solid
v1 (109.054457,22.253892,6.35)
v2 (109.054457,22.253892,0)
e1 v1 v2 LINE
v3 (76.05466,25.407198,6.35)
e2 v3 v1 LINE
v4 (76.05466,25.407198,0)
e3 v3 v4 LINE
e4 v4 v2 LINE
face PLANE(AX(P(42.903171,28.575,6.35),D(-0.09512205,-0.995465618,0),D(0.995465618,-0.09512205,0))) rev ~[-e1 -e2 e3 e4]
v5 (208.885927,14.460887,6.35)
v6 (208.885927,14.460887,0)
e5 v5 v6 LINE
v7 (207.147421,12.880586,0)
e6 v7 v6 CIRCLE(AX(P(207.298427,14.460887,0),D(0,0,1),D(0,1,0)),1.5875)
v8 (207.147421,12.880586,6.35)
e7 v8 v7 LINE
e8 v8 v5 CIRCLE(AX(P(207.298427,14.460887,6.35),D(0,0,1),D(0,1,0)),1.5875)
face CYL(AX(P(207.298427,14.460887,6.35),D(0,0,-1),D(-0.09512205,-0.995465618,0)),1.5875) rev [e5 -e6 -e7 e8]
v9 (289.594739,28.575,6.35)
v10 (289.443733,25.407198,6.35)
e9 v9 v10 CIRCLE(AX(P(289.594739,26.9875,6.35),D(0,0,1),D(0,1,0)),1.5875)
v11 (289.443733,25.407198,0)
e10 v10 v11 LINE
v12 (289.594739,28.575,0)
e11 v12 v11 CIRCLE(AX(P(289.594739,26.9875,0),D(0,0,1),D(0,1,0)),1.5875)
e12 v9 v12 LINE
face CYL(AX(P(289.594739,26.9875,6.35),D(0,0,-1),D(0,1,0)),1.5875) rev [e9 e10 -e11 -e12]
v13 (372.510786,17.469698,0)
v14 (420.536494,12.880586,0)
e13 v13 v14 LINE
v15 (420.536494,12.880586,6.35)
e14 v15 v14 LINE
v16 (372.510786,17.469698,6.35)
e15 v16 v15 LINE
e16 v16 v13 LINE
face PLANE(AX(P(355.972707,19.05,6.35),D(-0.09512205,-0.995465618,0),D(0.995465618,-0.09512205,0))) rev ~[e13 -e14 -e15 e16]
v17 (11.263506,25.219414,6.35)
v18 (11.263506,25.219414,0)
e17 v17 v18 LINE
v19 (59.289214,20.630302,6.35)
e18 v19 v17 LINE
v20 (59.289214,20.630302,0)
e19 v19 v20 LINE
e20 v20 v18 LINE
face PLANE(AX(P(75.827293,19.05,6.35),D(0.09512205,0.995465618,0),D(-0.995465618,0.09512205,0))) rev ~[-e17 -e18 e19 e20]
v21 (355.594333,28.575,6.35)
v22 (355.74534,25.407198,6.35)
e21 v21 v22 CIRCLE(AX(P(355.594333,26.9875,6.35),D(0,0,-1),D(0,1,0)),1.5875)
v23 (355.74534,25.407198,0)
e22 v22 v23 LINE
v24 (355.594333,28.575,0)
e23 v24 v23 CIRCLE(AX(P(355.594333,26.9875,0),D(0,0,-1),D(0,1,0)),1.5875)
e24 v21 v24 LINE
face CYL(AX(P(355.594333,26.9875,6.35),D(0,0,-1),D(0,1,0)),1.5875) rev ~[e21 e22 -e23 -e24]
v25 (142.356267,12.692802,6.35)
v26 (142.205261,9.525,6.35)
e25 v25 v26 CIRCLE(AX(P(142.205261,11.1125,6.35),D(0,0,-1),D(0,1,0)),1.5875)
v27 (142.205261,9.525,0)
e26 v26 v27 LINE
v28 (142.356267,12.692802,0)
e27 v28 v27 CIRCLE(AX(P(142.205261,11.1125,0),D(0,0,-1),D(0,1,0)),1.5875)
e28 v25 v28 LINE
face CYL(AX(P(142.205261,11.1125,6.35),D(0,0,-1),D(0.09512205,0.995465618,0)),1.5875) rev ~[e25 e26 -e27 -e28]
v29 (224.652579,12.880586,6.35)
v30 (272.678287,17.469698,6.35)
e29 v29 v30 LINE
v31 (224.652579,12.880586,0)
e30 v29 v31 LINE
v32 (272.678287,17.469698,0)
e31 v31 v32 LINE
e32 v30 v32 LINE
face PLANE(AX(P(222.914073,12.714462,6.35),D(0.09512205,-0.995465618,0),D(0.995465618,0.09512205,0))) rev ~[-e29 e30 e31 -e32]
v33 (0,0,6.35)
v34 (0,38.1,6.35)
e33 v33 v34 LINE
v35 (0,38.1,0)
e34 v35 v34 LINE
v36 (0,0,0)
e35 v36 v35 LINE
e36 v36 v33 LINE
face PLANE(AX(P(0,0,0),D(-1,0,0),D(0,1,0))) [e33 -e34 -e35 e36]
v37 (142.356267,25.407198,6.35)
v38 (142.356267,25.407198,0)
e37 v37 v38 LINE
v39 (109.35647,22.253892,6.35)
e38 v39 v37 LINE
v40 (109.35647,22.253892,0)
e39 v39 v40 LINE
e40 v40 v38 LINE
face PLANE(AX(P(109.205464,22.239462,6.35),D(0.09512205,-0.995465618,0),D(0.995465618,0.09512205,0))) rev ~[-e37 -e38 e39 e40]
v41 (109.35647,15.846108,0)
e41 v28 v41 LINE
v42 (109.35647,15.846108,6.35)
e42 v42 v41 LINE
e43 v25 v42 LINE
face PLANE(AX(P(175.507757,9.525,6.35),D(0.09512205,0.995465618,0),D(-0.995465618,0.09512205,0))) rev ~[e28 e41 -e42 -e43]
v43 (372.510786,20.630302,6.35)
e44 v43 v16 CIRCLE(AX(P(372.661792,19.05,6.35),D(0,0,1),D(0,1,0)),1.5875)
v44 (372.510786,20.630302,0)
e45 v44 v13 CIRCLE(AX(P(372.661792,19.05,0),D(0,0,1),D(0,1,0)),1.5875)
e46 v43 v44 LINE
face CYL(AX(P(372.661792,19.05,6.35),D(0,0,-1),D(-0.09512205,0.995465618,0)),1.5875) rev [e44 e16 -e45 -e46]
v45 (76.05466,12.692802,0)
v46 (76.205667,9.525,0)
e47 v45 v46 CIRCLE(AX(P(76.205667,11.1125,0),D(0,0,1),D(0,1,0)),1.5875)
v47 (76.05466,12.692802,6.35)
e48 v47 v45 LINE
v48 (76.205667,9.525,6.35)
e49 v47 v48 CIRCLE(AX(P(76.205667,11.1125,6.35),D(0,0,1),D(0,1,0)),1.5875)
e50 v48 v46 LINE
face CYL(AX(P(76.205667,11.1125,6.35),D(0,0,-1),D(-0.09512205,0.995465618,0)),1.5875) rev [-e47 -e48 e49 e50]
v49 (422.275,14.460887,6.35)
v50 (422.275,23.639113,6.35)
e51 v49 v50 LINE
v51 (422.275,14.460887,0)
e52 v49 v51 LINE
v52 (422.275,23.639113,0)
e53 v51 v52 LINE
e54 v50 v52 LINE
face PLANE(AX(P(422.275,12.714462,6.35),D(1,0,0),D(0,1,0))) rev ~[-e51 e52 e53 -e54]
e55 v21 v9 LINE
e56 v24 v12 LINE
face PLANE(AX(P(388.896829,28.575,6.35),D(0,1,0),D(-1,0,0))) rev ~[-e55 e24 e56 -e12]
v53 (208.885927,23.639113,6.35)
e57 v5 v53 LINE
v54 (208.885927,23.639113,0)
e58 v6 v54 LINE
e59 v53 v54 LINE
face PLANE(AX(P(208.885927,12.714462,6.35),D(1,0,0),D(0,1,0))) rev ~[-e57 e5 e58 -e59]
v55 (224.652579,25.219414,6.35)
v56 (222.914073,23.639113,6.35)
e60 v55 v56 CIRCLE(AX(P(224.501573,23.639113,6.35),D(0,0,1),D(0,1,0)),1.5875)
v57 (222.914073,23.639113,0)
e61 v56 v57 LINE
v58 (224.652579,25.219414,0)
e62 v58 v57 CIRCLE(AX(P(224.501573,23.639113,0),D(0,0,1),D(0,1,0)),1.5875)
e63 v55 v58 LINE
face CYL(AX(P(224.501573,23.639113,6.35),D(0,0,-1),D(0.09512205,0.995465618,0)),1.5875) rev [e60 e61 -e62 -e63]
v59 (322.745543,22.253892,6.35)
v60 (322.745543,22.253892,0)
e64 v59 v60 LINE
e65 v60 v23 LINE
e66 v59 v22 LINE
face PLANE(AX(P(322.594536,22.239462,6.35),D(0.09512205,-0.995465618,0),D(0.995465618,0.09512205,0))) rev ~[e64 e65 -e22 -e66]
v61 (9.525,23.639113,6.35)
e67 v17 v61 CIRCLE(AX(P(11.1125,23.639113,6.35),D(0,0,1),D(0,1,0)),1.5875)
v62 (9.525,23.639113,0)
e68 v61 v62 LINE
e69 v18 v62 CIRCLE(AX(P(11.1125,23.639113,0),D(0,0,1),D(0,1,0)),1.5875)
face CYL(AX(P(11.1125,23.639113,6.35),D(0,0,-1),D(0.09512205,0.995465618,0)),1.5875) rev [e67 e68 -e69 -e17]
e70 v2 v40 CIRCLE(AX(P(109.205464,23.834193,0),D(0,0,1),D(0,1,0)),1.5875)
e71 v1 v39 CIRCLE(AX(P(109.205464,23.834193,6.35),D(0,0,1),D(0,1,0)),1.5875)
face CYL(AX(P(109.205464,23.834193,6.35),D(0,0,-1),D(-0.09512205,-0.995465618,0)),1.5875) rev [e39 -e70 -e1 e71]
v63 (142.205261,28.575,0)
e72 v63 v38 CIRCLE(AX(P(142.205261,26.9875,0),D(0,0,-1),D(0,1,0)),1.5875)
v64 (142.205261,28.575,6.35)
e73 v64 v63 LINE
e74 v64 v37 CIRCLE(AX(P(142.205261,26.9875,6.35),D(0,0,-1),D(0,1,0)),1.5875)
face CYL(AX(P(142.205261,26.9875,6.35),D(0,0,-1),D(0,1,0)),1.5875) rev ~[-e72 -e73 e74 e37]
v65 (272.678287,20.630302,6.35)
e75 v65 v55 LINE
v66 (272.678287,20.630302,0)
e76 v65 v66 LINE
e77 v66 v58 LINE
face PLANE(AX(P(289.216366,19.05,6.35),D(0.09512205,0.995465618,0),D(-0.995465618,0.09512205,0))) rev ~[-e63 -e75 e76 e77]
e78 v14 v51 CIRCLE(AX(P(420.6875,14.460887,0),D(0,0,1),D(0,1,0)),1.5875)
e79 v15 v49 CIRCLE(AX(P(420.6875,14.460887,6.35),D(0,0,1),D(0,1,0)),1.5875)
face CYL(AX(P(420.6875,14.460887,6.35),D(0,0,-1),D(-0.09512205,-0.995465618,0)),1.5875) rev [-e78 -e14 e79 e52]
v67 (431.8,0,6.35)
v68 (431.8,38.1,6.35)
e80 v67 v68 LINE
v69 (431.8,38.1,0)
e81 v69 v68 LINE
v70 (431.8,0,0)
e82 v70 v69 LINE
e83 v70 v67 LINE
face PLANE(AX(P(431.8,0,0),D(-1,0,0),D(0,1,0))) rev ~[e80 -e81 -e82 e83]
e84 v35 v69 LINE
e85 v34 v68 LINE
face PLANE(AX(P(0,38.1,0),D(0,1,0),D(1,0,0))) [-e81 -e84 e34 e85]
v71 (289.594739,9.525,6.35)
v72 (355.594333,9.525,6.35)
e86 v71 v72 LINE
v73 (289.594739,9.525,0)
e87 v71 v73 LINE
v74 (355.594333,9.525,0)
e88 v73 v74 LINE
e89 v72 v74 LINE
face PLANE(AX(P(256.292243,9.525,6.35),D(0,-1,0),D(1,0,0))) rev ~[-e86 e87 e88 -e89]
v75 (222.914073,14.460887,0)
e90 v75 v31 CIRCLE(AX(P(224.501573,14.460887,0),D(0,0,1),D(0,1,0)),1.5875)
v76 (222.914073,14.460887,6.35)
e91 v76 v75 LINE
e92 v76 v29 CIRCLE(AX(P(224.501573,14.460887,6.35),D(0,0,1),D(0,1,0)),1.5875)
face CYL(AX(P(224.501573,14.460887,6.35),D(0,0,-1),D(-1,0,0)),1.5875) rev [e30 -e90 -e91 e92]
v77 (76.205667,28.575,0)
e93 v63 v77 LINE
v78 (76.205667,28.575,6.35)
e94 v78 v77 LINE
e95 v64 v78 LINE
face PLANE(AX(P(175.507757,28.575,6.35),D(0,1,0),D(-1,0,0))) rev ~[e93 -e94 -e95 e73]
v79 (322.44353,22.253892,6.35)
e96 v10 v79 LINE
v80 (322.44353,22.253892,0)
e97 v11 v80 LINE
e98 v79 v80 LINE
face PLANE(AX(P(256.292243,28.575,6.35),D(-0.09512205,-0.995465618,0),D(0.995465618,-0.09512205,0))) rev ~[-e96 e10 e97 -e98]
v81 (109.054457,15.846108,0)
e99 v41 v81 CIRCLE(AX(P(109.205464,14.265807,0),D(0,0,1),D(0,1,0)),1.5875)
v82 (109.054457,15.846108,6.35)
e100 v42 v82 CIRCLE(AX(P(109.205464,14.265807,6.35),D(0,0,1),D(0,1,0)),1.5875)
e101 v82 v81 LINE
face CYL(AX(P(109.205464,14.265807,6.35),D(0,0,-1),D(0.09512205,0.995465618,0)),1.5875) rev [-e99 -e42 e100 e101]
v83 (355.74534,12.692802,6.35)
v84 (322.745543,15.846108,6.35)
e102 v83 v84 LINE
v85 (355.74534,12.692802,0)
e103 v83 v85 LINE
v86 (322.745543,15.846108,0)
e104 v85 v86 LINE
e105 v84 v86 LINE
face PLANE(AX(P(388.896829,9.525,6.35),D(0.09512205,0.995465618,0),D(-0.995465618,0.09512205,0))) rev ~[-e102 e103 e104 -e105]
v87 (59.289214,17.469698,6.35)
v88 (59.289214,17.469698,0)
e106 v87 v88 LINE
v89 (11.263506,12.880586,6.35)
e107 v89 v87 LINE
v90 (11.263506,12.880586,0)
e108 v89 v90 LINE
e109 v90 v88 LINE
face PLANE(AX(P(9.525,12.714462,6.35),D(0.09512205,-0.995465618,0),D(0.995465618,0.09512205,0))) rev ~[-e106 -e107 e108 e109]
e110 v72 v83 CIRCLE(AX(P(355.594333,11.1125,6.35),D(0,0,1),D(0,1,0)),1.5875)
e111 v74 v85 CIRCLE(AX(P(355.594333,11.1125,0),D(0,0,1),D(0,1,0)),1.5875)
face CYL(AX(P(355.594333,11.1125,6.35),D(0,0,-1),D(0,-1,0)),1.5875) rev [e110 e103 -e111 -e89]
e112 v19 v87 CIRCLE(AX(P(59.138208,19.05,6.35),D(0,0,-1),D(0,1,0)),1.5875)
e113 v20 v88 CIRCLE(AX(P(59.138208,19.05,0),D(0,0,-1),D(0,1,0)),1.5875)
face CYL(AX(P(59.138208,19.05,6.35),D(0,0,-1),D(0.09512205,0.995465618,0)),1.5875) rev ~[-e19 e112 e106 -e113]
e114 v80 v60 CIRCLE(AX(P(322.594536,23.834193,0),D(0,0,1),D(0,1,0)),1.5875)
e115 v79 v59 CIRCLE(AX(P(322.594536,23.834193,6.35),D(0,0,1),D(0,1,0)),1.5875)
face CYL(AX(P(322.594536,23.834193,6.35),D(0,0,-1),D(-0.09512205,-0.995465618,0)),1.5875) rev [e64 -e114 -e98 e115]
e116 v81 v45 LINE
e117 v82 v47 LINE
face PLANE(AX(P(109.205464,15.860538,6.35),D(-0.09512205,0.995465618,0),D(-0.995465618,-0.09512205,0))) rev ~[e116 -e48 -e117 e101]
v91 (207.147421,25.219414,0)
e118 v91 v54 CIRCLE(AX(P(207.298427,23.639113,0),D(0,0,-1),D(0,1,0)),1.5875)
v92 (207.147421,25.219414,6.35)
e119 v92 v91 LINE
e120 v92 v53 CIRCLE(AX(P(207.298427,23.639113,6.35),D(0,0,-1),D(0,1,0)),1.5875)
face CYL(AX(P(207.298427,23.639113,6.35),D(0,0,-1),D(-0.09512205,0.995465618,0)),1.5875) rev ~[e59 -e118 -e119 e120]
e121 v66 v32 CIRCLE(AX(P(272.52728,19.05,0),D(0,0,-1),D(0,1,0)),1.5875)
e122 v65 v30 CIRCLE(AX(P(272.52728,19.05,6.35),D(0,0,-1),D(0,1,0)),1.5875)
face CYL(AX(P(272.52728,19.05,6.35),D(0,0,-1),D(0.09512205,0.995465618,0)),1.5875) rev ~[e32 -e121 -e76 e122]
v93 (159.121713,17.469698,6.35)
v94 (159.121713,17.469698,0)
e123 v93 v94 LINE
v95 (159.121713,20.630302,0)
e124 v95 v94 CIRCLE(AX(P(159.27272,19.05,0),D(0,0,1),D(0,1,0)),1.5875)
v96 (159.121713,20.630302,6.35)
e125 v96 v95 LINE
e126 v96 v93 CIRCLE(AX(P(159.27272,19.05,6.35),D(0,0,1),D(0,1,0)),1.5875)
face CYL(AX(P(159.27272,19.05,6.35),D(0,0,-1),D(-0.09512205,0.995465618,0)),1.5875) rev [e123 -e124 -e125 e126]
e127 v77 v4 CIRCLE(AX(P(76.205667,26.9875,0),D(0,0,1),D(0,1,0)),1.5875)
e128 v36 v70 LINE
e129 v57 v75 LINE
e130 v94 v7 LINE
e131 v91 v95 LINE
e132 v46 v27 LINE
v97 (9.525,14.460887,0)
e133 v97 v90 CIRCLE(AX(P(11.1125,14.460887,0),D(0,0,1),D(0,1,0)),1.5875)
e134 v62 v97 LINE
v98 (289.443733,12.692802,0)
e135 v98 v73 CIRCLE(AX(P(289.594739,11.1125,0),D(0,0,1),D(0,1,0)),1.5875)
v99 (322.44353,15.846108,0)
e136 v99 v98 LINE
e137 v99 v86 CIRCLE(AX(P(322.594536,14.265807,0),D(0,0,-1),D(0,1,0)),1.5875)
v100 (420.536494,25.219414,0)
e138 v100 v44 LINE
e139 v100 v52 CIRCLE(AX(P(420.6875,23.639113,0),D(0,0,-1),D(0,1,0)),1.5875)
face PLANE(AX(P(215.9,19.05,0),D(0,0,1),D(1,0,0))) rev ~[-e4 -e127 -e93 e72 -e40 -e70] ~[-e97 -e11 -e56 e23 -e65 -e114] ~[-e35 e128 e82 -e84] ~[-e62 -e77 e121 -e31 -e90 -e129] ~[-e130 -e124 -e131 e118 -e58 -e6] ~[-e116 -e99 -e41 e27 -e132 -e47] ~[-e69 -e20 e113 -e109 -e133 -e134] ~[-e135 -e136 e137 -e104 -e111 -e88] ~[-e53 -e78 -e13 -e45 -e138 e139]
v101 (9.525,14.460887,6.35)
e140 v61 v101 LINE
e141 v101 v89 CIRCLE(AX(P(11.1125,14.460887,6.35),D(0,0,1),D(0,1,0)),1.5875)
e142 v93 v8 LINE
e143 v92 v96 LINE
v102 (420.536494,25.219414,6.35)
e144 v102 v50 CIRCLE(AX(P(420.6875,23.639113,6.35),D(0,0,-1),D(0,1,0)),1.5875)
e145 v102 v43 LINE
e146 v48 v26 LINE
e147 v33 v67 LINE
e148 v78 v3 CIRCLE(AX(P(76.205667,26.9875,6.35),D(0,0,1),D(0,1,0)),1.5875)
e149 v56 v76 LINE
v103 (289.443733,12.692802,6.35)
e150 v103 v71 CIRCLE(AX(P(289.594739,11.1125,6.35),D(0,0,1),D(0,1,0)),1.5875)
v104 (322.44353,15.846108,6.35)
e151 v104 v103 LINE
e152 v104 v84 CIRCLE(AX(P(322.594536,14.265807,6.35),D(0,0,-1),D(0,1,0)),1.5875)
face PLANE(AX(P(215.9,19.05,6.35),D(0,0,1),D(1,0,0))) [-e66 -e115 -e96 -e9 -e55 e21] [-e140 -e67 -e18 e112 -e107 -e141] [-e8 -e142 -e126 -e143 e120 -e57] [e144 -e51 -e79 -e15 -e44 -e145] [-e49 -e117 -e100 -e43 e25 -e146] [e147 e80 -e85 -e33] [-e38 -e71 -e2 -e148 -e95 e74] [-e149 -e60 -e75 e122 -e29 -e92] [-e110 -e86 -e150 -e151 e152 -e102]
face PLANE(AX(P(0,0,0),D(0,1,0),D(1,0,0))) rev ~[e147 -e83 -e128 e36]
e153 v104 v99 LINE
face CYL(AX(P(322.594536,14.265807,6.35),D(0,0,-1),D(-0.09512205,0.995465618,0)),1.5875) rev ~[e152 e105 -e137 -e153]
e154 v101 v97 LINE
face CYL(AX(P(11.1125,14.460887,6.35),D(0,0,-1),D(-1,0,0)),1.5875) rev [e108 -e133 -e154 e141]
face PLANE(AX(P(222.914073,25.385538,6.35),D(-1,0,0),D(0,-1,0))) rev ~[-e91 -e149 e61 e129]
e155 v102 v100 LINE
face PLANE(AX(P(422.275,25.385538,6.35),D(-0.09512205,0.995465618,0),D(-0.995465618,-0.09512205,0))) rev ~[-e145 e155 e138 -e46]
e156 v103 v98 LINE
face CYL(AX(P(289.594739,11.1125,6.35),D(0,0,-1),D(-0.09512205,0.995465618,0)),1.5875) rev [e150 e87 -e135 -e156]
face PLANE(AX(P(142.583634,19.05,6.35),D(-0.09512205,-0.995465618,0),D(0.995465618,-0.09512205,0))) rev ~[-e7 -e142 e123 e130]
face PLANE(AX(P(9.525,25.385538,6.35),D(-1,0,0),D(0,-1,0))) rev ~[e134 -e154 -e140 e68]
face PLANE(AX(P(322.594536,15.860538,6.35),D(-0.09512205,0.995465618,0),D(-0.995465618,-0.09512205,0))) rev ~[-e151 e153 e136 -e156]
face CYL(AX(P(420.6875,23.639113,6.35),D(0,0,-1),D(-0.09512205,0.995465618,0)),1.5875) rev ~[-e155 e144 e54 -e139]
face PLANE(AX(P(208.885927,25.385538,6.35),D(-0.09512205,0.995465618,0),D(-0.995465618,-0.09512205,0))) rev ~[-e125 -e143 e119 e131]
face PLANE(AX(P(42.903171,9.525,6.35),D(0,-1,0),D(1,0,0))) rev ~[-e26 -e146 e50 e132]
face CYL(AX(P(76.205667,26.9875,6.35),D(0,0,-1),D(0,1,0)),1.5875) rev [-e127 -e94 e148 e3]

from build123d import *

# Parameters (mm, degrees)
SKETCH1_W           = 431.8
SKETCH1_H           = 38.1
BOSS_EXTRUDE1_DEPTH = 6.35
CUT_EXTRUDE1_DEPTH  = 434.524131393
FILLET1_R           = 1.5875


with BuildPart() as part:
    # Sketch1 → Boss-Extrude1 (new body)
    with BuildSketch(Plane.XY):
        with Locations((215.9, 19.05)):
            Rectangle(SKETCH1_W, SKETCH1_H)
    extrude(amount=BOSS_EXTRUDE1_DEPTH)

    # Sketch3 → Cut-Extrude1 (cut, through all)
    with BuildSketch(Plane.XY.offset(6.35)):
        Polygon((75.827293092, 19.05), (9.525, 25.385537758), (9.525, 12.714462242), align=None)
        Polygon((175.507756818, 28.575), (42.903170633, 28.575), (109.205463726, 22.239462242), align=None)
        Polygon((175.507756818, 9.525), (109.205463726, 15.860537758), (42.903170633, 9.525), align=None)
        Polygon((208.885927451, 25.385537758), (142.583634359, 19.05), (208.885927451, 12.714462242), align=None)
        Polygon((289.216365641, 19.05), (222.914072549, 25.385537758), (222.914072549, 12.714462242), align=None)
        Polygon((388.896829367, 28.575), (256.292243182, 28.575), (322.594536274, 22.239462242), align=None)
        Polygon((322.594536274, 15.860537758), (256.292243182, 9.525), (388.896829367, 9.525), align=None)
        Polygon((422.275, 25.385537758), (355.972706908, 19.05), (422.275, 12.714462242), align=None)
    extrude(amount=-CUT_EXTRUDE1_DEPTH, mode=Mode.SUBTRACT)

    # Fillet1
    fillet1_edges = [part.edges().sort_by_distance(p)[0] for p in [
        (289.216365641, 19.05, 3.175),
        (222.914072549, 12.714462242, 3.175),
        (222.914072549, 25.385537758, 3.175),
        (142.583634359, 19.05, 3.175),
        (208.885927451, 25.385537758, 3.175),
        (208.885927451, 12.714462242, 3.175),
        (42.903170633, 9.525, 3.175),
        (109.205463726, 15.860537758, 3.175),
        (175.507756818, 9.525, 3.175),
        (109.205463726, 22.239462242, 3.175),
        (42.903170633, 28.575, 3.175),
        (175.507756818, 28.575, 3.175),
        (422.275, 25.385537758, 3.175),
        (422.275, 12.714462242, 3.175),
        (355.972706908, 19.05, 3.175),
        (322.594536274, 15.860537758, 3.175),
        (388.896829367, 9.525, 3.175),
        (256.292243182, 9.525, 3.175),
        (388.896829367, 28.575, 3.175),
        (322.594536274, 22.239462242, 3.175),
        (256.292243182, 28.575, 3.175),
        (9.525, 12.714462242, 3.175),
        (9.525, 25.385537758, 3.175),
        (75.827293092, 19.05, 3.175),
    ]]
    fillet(fillet1_edges, radius=FILLET1_R)


solid = part.part
